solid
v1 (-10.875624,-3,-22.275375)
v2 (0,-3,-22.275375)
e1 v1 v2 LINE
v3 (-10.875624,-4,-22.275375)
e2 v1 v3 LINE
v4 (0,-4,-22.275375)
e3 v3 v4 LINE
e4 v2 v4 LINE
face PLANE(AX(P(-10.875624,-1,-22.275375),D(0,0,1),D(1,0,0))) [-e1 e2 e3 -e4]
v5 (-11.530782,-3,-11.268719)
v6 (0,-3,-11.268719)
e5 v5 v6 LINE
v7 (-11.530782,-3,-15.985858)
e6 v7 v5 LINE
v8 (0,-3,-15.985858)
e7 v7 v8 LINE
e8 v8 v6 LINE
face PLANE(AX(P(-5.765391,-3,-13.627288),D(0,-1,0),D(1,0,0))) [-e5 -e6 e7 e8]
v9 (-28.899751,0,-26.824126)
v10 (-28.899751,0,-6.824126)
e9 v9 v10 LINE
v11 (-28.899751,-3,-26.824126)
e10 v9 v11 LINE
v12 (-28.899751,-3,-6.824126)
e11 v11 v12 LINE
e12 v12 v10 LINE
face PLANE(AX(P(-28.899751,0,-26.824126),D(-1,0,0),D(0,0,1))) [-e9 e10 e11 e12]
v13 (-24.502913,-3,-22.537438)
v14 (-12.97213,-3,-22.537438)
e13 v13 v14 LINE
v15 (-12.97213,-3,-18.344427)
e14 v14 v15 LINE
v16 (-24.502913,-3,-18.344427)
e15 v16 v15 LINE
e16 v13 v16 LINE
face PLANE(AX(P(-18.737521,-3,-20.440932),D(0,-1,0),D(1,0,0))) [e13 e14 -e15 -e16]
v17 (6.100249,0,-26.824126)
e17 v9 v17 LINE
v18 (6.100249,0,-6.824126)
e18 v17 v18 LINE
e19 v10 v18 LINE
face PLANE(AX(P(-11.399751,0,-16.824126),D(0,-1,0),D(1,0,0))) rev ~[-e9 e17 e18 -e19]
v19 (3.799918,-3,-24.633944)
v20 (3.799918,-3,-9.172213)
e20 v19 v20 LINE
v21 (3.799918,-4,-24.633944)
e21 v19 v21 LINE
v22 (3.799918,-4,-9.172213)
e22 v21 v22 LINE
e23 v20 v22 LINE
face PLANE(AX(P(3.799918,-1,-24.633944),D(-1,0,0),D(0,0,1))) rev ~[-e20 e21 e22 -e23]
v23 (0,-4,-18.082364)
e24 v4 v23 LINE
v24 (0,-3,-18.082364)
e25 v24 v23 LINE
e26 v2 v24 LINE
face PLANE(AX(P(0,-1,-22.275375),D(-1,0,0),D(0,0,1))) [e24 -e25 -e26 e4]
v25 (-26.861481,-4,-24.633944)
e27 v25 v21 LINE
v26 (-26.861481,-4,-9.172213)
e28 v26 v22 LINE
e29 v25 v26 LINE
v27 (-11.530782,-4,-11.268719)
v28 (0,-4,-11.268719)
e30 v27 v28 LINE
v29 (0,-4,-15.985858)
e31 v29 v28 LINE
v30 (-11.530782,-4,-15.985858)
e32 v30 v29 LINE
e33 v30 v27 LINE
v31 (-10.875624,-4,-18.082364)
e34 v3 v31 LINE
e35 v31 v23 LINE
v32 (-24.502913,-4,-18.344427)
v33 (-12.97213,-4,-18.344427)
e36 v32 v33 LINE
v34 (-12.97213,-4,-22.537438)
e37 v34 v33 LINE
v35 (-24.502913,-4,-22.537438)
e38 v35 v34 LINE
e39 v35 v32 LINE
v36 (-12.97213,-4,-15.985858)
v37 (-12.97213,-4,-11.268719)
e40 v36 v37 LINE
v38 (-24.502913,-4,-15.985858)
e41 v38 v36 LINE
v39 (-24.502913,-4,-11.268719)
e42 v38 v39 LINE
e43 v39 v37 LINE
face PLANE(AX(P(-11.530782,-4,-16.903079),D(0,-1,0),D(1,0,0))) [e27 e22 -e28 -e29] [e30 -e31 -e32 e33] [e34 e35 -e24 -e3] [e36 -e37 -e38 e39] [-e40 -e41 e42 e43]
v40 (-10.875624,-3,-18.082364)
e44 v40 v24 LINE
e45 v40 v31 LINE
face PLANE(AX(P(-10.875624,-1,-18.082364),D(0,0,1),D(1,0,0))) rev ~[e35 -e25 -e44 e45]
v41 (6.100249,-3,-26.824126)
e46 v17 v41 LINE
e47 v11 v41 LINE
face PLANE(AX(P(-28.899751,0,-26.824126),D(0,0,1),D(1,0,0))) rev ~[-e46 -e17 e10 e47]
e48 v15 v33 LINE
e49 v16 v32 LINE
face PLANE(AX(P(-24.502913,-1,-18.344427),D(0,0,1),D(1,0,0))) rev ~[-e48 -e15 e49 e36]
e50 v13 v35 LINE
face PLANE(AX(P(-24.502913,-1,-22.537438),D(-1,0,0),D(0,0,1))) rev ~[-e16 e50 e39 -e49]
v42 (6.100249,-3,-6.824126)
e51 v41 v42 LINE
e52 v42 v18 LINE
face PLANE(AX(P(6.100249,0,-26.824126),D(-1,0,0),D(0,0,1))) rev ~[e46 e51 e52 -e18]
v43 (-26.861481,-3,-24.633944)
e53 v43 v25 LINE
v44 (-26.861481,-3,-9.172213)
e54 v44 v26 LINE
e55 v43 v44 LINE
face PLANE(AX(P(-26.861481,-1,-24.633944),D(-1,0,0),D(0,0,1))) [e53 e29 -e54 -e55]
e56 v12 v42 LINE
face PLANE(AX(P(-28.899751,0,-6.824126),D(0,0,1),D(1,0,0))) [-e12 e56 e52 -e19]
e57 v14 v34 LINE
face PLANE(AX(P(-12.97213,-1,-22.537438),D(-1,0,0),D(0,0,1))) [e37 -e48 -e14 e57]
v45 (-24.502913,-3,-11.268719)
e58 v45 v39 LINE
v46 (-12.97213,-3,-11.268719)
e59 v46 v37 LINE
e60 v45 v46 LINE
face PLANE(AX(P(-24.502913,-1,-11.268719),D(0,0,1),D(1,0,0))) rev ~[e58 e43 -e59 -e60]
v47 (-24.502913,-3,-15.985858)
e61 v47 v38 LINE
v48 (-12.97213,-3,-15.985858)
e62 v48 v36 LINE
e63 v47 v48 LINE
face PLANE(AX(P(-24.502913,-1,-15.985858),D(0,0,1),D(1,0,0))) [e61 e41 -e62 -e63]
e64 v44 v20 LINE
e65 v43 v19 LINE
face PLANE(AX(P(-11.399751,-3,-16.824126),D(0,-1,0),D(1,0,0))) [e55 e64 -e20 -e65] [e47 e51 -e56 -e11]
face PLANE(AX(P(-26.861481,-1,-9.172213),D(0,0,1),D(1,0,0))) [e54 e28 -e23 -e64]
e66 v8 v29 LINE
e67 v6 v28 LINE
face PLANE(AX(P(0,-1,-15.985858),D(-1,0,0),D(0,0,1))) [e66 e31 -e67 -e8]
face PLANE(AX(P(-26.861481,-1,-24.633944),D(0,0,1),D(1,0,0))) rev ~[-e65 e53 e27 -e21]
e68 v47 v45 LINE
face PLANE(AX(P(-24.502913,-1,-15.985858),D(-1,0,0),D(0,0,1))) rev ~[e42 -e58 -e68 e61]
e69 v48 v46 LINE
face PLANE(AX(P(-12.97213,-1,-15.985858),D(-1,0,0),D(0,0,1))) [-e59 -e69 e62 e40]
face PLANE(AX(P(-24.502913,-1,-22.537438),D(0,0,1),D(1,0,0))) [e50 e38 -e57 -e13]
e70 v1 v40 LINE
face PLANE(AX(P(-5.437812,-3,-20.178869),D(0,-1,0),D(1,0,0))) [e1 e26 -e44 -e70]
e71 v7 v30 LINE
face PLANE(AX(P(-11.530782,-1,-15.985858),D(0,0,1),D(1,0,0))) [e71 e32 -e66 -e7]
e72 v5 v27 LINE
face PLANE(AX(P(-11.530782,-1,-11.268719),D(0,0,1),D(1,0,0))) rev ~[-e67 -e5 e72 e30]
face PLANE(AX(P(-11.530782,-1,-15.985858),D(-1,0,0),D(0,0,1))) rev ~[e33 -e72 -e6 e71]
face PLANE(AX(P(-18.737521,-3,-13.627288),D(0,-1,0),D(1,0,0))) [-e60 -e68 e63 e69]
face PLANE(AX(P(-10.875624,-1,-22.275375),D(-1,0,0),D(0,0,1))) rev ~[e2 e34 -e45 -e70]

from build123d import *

# Parameters (mm, degrees)
F0_W        = 30.6613992434
F0_H        = 15.4617307708
F0_W_2      = 11.5307830274
F0_H_2      = 4.1930116713
F0_W_3      = 10.8756236732
F0_H_3      = 4.7171385959
F0_W_4      = 11.5307817468
F1_DEPTH    = 1
F0_W_5      = 35
F0_H_4      = 20
F2_DEPTH    = 2
F1_FACE_W   = 30.6613992434
F1_FACE_H   = 15.4617307708
F1_FACE_W_2 = 11.5307830274
F1_FACE_H_2 = 4.1930116713
F1_FACE_W_3 = 10.8756236732
F1_FACE_H_3 = 4.7171385959
F1_FACE_W_4 = 11.5307817468
F3_DEPTH    = 3


with BuildPart() as f1:
    # F0 (on Front) → F1 (new body)
    with BuildSketch(Plane.XZ):
        with Locations((-11.5307817468, -16.9030786492)):
            Rectangle(F0_W, F0_H)
        with Locations((-18.7375210226, -20.4409323633)):
            Rectangle(F0_W_2, F0_H_2, mode=Mode.SUBTRACT)
        with Locations((-5.4378118366, -20.1788693666)):
            Rectangle(F0_W_3, F0_H_2, mode=Mode.SUBTRACT)
        with Locations((-18.7375210226, -13.6272883974)):
            Rectangle(F0_W_2, F0_H_3, mode=Mode.SUBTRACT)
        with Locations((-5.7653908734, -13.6272883974)):
            Rectangle(F0_W_4, F0_H_3, mode=Mode.SUBTRACT)
    extrude(amount=F1_DEPTH)

    # F0 (on Front) → F2 (join)
    with BuildSketch(Plane.XZ):
        with Locations((-11.3997505978, -16.8241263426)):
            Rectangle(F0_W_5, F0_H_4)
        with Locations((-11.5307817468, -16.9030786492)):
            Rectangle(F0_W, F0_H, mode=Mode.SUBTRACT)
    extrude(amount=F2_DEPTH)

    # F0 (on Front) + F1_face (on face) → F3 (join)
    with BuildSketch(Plane.XZ):
        with Locations((-11.3997505978, -16.8241263426)):
            Rectangle(F0_W_5, F0_H_4)
        with Locations((-11.5307817468, -16.9030786492)):
            Rectangle(F0_W, F0_H, mode=Mode.SUBTRACT)
        with Locations((-5.7653908734, -13.6272883974)):
            Rectangle(F0_W_4, F0_H_3)
        with Locations((-18.7375210226, -20.4409323633)):
            Rectangle(F0_W_2, F0_H_2)
        with Locations((-5.4378118366, -20.1788693666)):
            Rectangle(F0_W_3, F0_H_2)
        with Locations((-18.7375210226, -13.6272883974)):
            Rectangle(F0_W_2, F0_H_3)
    with BuildSketch(Plane(origin=(-10.9817153045, -1, -17.0354699919), x_dir=(1, 0, 0), z_dir=(0, -1, 0))):
        with Locations((-0.5490664423, 0.1323913427)):
            Rectangle(F1_FACE_W, F1_FACE_H)
        with Locations((-7.755805718, -3.4054623714)):
            Rectangle(F1_FACE_W_2, F1_FACE_H_2, mode=Mode.SUBTRACT)
        with Locations((5.5439034679, -3.1433993748)):
            Rectangle(F1_FACE_W_3, F1_FACE_H_2, mode=Mode.SUBTRACT)
        with Locations((-7.755805718, 3.4081815945)):
            Rectangle(F1_FACE_W_2, F1_FACE_H_3, mode=Mode.SUBTRACT)
        with Locations((5.2163244311, 3.4081815945)):
            Rectangle(F1_FACE_W_4, F1_FACE_H_3, mode=Mode.SUBTRACT)
    extrude(amount=F3_DEPTH)


solid = f1.part
